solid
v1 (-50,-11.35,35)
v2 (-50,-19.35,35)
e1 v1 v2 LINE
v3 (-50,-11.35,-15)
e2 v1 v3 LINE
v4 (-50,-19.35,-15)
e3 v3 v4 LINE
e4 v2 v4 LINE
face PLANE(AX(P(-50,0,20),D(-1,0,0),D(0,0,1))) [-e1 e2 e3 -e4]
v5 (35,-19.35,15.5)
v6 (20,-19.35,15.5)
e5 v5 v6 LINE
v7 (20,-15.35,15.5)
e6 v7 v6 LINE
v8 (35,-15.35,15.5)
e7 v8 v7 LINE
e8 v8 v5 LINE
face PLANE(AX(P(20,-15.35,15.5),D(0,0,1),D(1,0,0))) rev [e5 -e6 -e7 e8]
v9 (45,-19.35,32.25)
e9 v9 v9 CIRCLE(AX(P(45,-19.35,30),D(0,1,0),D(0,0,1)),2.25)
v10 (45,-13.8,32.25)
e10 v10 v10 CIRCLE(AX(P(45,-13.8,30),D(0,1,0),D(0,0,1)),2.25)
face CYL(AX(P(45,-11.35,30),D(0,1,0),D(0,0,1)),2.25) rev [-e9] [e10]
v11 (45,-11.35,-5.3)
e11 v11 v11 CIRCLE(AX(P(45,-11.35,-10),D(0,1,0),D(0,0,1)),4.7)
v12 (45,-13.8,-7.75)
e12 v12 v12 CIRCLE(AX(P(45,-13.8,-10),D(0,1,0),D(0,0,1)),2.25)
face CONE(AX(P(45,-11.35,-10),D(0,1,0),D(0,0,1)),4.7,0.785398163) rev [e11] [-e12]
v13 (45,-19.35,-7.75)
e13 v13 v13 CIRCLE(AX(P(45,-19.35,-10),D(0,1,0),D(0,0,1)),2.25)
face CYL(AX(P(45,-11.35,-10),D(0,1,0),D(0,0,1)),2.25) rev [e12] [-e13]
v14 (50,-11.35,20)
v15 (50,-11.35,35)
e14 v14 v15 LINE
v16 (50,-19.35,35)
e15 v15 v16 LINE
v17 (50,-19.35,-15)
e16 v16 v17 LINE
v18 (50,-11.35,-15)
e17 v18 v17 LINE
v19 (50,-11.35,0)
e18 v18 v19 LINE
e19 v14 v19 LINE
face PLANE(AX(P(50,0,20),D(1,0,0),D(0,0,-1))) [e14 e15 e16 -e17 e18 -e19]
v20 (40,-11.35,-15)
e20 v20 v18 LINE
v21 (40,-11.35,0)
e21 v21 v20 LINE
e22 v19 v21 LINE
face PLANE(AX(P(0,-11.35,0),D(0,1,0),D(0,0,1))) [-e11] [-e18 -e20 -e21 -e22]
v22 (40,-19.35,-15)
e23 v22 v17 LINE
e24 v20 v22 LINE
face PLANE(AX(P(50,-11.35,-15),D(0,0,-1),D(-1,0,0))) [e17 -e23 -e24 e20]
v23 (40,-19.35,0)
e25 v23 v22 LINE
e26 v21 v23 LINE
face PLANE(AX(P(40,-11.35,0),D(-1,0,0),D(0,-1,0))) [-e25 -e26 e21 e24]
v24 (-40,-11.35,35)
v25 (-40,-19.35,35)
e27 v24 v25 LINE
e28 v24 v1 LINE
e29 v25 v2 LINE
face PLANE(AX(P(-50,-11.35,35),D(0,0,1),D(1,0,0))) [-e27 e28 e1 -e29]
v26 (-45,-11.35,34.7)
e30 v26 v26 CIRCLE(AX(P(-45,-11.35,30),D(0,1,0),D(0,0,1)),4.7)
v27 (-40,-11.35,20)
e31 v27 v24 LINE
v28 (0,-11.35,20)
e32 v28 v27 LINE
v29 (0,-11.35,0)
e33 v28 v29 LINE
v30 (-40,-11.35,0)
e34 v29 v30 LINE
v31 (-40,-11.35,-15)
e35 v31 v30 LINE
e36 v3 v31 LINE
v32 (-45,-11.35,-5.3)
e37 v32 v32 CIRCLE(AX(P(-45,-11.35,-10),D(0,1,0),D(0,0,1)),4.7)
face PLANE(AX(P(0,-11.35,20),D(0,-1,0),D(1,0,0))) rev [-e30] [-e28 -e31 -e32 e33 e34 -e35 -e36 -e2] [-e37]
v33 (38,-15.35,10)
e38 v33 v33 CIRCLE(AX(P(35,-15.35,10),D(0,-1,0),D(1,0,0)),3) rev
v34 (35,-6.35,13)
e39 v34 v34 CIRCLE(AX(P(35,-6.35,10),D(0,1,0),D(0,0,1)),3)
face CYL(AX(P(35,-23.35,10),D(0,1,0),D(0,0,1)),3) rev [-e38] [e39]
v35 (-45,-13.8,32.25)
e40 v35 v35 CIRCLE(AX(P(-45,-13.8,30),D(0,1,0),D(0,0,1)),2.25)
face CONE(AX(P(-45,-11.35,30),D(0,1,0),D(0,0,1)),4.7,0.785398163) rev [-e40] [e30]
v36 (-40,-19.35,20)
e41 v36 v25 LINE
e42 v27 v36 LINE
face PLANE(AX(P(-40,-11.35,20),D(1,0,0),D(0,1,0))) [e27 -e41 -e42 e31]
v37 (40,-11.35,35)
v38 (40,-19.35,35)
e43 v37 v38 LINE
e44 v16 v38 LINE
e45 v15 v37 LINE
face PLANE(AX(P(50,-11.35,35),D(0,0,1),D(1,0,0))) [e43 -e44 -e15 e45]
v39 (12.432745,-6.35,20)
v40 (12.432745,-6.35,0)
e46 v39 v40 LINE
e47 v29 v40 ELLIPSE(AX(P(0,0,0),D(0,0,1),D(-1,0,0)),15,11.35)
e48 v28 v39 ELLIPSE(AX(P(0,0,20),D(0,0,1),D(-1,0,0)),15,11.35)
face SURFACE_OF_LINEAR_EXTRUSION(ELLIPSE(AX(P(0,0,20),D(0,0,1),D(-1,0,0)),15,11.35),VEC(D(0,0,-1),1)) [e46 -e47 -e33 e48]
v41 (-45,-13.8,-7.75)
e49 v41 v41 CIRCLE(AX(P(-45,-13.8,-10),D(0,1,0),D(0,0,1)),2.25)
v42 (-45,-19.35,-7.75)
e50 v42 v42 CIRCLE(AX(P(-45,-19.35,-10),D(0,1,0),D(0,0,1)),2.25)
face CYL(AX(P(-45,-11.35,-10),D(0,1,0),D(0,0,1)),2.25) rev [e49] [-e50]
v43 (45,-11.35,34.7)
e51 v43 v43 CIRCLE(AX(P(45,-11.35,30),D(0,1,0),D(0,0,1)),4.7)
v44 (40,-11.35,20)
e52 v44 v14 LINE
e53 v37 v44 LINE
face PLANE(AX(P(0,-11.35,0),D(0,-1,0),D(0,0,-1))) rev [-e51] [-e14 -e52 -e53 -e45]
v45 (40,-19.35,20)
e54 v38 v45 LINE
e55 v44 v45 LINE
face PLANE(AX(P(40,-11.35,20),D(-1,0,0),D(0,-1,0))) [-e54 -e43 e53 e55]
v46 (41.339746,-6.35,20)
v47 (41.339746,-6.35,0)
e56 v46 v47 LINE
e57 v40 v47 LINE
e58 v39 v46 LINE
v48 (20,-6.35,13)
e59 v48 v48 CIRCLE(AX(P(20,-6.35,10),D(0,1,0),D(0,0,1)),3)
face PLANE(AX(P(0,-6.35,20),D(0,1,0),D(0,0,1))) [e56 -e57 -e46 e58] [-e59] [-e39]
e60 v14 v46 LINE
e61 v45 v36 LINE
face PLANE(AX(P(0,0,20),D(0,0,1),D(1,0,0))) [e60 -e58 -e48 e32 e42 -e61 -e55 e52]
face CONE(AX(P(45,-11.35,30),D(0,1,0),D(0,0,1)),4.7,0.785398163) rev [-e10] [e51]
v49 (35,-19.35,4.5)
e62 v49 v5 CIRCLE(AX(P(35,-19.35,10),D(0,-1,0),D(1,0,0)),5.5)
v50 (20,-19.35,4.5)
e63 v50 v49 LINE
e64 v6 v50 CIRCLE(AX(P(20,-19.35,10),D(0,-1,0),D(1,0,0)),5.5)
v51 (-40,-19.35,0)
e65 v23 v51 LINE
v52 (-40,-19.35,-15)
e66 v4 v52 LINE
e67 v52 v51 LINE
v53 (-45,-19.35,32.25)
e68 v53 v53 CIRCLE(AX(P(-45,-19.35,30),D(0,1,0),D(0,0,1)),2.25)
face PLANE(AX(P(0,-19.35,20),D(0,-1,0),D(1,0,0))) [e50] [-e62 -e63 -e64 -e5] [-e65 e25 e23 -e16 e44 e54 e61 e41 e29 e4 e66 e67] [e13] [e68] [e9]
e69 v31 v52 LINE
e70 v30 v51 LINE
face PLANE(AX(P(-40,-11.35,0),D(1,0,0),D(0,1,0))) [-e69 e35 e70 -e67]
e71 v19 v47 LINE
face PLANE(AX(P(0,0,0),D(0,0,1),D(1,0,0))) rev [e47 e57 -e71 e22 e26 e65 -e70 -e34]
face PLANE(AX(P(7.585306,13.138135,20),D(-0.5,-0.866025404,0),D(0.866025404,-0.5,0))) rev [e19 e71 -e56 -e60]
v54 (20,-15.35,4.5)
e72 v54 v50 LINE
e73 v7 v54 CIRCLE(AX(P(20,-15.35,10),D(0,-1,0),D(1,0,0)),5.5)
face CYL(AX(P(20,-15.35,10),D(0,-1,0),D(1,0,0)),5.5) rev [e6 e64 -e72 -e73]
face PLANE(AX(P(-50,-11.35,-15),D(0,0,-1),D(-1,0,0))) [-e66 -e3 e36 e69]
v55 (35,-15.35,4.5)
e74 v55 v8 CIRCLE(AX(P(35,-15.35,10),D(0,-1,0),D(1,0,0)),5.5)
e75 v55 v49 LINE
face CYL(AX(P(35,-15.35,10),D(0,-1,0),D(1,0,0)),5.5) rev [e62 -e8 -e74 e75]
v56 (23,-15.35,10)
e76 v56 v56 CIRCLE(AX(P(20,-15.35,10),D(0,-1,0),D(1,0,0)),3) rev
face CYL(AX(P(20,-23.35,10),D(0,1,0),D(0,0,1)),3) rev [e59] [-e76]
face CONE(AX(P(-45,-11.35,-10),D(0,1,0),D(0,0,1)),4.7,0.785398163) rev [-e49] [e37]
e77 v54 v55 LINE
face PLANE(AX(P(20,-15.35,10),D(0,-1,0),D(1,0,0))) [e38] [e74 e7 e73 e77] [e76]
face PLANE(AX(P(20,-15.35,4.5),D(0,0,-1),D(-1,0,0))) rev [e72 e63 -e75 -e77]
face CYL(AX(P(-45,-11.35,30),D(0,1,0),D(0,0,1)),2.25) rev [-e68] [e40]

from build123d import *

# Parameters (mm, degrees)
SKETCH1_W                                       = 50
SKETCH1_H                                       = 8
BOSS_EXTRUDE1_DEPTH                             = 20
SKETCH2_R                                       = 3
CUT_EXTRUDE1_DEPTH                              = 17
CUT_EXTRUDE2_DEPTH                              = 4
SKETCH4_W                                       = 10
SKETCH4_H                                       = 15
BOSS_EXTRUDE2_DEPTH                             = 8
CSK_FOR_M4_FLAT_HEAD_MACHINE_SCREW1_D           = 4.5
CSK_FOR_M4_FLAT_HEAD_MACHINE_SCREW1_CSINK_D     = 9.4
CSK_FOR_M4_FLAT_HEAD_MACHINE_SCREW1_CSINK_ANGLE = 90


with BuildPart() as part:
    # Sketch1 → Boss-Extrude1 (new body)
    with BuildSketch(Plane.XY):
        with Locations((-25, -15.35)):
            Rectangle(SKETCH1_W, SKETCH1_H)
        with Locations((25, -15.35)):
            Rectangle(SKETCH1_W, SKETCH1_H)
        with BuildLine():
            Line((40, -6.35), (12.432745191, -6.35))
            add(Edge.make_bspline(
                [(0, -11.35), (7.972410052, -11.35), (12.432745191, -6.35)],
                knots=[1.570796327, 1.570796327, 1.570796327, 2.547844784, 2.547844784, 2.547844784], degree=2, weights=[1, 0.883026434, 1]))
            Line((0, -11.35), (50, -11.35))
            Line((50, -11.35), (41.339745962, -6.35))
            Line((41.339745962, -6.35), (40, -6.35))
        make_face()
    extrude(amount=BOSS_EXTRUDE1_DEPTH)

    # Sketch2 → Cut-Extrude1 (cut)
    with BuildSketch(Plane(origin=(0, -6.35, 0), x_dir=(1, 0, 0), z_dir=(0, 1, 0))):
        with Locations((35, -10)):
            Circle(SKETCH2_R)
        with Locations((20, -10)):
            Circle(SKETCH2_R)
    extrude(amount=-CUT_EXTRUDE1_DEPTH, mode=Mode.SUBTRACT)

    # Sketch3 → Cut-Extrude2 (cut)
    with BuildSketch(Plane.XZ.offset(19.35)):
        with BuildLine():
            Line((20, 15.5), (35, 15.5))
            ThreePointArc((35, 15.5), (40.5, 10), (35, 4.5))
            Line((35, 4.5), (20, 4.5))
            ThreePointArc((20, 4.5), (14.5, 10), (20, 15.5))
        make_face()
    extrude(amount=-CUT_EXTRUDE2_DEPTH, mode=Mode.SUBTRACT)

    # Sketch4 → Boss-Extrude2 (add)
    with BuildSketch(Plane.XZ.offset(19.35)):
        with Locations((-45, 27.5)):
            Rectangle(SKETCH4_W, SKETCH4_H)
        with Locations((45, 27.5)):
            Rectangle(SKETCH4_W, SKETCH4_H)
        with Locations((-45, -7.5)):
            Rectangle(SKETCH4_W, SKETCH4_H)
        with Locations((45, -7.5)):
            Rectangle(SKETCH4_W, SKETCH4_H)
    extrude(amount=-BOSS_EXTRUDE2_DEPTH)

    # CSK for M4 Flat Head Machine Screw1 (through all)
    with Locations(Plane(origin=(0, -11.35, 0), x_dir=(1, 0, 0), z_dir=(0, 1, 0))):
        with Locations((-45, 10), (-45, -30), (45, -30), (45, 10)):
            CounterSinkHole(CSK_FOR_M4_FLAT_HEAD_MACHINE_SCREW1_D / 2, CSK_FOR_M4_FLAT_HEAD_MACHINE_SCREW1_CSINK_D / 2, counter_sink_angle=CSK_FOR_M4_FLAT_HEAD_MACHINE_SCREW1_CSINK_ANGLE)


solid = part.part
